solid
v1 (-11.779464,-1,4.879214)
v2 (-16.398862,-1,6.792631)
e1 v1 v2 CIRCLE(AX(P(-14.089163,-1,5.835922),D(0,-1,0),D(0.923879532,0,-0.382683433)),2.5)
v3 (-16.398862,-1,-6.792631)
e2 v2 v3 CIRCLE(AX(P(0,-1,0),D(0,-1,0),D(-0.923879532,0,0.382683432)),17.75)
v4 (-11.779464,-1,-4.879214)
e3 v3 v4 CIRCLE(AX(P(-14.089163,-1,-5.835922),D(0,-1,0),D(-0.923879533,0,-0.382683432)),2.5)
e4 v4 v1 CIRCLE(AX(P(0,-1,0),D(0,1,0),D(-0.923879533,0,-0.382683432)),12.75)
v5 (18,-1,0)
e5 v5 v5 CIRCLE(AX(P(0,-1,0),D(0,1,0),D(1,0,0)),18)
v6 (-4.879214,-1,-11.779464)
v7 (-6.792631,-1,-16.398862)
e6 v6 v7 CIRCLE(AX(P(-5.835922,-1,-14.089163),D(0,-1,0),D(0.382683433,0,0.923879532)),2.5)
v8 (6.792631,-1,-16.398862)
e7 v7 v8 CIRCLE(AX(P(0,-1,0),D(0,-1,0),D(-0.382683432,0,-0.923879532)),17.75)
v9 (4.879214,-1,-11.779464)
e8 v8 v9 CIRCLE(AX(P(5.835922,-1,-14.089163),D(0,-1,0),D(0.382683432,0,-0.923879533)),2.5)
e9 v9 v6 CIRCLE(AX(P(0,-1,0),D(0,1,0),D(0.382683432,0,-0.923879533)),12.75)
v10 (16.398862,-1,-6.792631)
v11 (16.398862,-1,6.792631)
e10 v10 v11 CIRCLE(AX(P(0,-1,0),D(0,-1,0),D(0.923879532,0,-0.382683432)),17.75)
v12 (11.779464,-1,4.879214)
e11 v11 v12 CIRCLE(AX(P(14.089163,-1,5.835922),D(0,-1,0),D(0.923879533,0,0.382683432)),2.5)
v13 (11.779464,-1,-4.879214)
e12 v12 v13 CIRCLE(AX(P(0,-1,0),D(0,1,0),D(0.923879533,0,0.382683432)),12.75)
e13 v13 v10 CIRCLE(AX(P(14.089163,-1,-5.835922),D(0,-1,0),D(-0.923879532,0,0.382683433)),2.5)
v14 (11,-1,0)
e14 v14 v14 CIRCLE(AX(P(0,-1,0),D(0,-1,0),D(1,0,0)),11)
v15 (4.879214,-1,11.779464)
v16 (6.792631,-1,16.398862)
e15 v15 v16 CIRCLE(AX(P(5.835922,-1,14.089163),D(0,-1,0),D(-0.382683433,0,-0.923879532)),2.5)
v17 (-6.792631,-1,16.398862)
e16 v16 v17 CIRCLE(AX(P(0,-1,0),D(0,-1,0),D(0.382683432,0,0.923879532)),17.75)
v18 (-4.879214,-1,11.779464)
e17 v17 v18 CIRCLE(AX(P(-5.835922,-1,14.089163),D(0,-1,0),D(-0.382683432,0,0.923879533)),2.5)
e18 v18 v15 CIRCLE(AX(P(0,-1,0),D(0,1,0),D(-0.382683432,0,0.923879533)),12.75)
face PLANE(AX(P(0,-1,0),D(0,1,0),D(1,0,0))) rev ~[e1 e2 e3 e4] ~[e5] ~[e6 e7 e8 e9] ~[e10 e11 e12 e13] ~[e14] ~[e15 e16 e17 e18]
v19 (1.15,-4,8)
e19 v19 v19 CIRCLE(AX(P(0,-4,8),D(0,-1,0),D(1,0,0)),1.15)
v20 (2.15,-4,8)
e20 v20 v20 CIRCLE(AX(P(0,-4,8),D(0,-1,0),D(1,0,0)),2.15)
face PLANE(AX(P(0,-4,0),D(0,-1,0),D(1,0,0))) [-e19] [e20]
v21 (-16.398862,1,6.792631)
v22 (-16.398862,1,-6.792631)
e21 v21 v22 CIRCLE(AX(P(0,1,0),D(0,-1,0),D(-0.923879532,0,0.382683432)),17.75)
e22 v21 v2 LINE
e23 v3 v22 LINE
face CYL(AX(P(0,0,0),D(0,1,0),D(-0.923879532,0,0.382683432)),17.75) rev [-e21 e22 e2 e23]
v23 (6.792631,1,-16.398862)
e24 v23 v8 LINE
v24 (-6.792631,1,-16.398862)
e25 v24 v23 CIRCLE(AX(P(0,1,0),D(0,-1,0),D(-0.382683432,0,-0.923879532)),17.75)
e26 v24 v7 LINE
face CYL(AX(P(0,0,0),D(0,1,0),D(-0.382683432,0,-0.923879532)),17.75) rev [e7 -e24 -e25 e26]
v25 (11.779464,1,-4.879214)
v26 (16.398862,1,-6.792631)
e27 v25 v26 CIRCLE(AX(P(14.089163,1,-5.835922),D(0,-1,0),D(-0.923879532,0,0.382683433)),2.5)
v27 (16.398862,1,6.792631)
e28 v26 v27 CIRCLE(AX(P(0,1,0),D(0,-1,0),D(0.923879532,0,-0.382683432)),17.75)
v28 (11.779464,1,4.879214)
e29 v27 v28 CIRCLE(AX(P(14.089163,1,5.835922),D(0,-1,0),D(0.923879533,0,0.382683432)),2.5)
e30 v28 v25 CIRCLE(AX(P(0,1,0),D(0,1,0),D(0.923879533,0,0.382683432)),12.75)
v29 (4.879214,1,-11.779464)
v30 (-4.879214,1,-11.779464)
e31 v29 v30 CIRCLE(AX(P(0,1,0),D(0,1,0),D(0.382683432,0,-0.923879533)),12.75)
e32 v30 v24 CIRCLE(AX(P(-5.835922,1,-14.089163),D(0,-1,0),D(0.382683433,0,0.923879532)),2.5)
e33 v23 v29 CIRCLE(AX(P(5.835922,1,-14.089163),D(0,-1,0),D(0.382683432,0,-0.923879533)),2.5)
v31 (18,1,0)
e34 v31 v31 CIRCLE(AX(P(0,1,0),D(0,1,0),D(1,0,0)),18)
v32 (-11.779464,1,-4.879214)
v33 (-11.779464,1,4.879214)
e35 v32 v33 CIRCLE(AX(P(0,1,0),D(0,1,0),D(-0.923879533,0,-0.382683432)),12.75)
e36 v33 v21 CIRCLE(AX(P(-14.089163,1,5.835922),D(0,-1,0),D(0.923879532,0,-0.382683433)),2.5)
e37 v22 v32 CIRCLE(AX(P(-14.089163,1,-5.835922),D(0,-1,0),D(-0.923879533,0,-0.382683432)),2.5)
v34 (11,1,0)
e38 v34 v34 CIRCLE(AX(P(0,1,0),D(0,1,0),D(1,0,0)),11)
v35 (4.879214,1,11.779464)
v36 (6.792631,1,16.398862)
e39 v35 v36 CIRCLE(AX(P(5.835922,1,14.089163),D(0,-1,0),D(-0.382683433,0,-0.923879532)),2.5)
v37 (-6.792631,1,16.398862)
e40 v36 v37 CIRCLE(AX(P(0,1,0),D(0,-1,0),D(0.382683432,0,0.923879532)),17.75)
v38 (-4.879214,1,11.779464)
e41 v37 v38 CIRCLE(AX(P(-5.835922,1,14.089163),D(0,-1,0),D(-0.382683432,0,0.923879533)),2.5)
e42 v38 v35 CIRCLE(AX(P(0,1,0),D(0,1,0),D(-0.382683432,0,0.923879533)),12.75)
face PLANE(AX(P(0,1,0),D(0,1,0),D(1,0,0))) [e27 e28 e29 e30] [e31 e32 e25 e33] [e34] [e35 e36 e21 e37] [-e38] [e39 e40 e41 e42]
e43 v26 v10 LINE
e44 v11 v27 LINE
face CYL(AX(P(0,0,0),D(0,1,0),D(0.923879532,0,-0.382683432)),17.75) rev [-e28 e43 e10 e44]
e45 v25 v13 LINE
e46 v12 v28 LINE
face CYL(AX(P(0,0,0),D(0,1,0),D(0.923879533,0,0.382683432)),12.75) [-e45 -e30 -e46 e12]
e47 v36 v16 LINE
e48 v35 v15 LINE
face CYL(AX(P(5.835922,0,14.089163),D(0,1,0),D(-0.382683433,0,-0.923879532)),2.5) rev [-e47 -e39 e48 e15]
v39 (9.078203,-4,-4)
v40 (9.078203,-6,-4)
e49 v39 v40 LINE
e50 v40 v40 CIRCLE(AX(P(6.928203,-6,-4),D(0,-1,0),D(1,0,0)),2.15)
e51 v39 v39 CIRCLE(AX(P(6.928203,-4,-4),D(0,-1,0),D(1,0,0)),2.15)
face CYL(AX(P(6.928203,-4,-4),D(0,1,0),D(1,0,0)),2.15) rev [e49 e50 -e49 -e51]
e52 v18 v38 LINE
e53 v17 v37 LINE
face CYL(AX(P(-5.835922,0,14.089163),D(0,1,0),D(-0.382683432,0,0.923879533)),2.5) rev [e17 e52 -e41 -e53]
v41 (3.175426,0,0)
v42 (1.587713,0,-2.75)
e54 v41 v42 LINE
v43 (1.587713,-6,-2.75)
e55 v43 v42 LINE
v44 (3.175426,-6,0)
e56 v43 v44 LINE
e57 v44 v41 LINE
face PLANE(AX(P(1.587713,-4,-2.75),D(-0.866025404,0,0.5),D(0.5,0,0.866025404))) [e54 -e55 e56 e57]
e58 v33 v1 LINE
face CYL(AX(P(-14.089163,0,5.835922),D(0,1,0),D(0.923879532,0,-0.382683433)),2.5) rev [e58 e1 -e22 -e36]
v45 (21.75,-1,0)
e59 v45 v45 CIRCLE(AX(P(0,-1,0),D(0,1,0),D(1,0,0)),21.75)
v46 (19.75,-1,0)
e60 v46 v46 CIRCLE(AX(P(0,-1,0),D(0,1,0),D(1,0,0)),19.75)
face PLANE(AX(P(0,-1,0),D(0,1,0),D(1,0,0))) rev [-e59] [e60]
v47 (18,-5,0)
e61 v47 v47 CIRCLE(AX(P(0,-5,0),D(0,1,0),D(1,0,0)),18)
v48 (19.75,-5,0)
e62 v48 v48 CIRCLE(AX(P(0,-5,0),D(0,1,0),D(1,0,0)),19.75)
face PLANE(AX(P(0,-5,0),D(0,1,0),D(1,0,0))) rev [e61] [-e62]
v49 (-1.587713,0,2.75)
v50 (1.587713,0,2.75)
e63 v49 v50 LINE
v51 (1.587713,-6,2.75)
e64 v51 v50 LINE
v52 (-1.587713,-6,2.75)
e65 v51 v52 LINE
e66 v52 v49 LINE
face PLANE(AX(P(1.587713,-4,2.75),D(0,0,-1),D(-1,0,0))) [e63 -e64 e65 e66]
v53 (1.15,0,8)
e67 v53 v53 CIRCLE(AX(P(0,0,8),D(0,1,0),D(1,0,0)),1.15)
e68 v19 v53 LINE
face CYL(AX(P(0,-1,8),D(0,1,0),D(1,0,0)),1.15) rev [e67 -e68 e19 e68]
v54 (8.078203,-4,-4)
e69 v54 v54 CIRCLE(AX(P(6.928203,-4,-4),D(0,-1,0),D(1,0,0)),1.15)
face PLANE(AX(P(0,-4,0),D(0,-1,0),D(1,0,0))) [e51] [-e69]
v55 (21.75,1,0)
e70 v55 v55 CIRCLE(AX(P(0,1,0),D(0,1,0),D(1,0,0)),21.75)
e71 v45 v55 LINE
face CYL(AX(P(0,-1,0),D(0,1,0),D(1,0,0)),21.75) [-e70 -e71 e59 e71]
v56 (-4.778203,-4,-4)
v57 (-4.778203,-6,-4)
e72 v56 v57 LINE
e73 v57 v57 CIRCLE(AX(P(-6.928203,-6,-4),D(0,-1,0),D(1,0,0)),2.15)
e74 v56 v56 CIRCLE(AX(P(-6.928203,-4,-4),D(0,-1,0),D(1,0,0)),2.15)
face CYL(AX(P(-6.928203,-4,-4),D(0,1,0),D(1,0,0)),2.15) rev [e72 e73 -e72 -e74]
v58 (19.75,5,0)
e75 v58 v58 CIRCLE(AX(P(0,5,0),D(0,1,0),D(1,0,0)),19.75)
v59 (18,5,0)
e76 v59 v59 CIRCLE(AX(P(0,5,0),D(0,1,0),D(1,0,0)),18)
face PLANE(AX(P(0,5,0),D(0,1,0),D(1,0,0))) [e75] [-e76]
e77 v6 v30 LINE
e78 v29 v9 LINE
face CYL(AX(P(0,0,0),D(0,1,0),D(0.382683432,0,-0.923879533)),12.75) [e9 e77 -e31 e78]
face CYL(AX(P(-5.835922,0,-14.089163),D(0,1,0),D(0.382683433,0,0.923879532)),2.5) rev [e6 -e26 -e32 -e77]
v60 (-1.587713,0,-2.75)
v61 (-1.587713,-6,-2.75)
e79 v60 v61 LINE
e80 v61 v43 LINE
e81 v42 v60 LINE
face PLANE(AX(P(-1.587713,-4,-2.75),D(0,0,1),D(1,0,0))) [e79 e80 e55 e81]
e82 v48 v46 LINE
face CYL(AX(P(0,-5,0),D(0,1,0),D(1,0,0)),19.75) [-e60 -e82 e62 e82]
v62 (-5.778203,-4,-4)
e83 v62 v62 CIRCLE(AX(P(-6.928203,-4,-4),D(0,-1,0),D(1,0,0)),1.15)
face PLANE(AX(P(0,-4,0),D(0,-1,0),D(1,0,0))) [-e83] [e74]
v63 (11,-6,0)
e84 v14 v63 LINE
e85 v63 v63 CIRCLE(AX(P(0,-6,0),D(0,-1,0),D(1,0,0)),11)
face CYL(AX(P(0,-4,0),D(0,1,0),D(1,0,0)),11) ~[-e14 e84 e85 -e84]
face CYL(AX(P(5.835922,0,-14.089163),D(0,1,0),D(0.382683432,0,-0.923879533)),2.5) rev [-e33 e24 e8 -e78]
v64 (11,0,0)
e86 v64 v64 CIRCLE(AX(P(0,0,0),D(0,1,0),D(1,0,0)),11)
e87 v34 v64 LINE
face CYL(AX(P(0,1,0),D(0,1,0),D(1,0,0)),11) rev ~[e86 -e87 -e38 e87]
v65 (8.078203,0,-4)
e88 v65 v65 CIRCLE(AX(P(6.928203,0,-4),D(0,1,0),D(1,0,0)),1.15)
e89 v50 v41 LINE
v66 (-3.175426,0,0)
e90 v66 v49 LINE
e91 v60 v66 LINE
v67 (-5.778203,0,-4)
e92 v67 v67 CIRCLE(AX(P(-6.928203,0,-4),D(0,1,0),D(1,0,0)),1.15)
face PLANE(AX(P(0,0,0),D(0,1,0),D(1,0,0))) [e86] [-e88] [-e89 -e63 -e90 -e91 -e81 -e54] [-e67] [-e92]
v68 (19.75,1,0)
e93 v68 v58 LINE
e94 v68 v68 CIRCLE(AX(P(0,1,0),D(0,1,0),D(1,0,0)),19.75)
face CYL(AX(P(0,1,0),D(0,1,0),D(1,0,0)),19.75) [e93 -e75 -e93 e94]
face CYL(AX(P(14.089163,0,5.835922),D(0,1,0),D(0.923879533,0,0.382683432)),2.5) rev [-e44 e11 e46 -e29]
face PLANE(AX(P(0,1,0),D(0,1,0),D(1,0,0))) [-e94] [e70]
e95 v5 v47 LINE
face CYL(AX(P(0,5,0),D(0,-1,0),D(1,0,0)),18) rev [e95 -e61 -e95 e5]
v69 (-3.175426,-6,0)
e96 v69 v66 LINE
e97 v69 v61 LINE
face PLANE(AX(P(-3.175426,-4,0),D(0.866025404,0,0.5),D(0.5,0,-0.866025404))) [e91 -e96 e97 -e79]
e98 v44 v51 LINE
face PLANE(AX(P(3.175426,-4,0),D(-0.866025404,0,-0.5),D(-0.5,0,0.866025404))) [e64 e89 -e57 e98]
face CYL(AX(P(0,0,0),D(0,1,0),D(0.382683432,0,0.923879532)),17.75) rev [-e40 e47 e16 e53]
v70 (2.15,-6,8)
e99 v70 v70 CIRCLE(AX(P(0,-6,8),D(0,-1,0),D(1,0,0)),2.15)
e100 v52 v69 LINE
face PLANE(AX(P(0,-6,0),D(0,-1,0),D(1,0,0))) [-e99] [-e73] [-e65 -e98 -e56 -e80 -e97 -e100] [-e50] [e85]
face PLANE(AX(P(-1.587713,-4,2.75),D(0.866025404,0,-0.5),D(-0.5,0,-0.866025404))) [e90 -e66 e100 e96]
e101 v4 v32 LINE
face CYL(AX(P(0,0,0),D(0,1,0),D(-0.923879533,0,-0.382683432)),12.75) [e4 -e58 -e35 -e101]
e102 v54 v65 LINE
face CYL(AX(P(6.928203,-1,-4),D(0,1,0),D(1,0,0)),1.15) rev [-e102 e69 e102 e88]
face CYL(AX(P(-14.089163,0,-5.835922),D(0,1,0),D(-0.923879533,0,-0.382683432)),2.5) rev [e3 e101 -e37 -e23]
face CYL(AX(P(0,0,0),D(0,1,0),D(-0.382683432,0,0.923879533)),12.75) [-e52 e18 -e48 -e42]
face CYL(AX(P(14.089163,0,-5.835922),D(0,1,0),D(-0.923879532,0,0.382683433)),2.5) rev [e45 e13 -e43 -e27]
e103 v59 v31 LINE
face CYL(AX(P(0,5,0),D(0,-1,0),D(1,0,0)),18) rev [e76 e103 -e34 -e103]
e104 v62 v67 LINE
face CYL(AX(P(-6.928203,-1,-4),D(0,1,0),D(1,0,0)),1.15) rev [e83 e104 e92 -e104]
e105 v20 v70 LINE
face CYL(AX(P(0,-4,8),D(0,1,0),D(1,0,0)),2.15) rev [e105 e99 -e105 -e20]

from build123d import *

# Parameters (mm, degrees)
SKETCH3_R           = 18
BOSS_EXTRUDE1_DEPTH = 1
SKETCH4_R           = 11
CUT_EXTRUDE1_DEPTH  = 1
SKETCH5_R           = 1.15
CUT_EXTRUDE2_DEPTH  = 6
SKETCH6_R           = 11
SKETCH6_R_2         = 1.15
BOSS_EXTRUDE2_DEPTH = 3
SKETCH9_R           = 11
SKETCH9_R_2         = 2.15
BOSS_EXTRUDE3_DEPTH = 2


with BuildPart() as part:
    # Sketch1 → Revolve1 (revolve)
    with BuildSketch(Plane.XY):
        Polygon((18, 5), (18, -5), (19.75, -5), (19.75, -1), (21.75, -1), (21.75, 1), (19.75, 1), (19.75, 5), align=None)
    revolve(axis=Axis((0, 0, 0), (0, 1, 0)))

    # Sketch3 → Boss-Extrude1 (add, symmetric)
    with BuildSketch(Plane(origin=(0, 0, 0), x_dir=(1, 0, 0), z_dir=(0, 1, 0))):
        Circle(SKETCH3_R)
        with BuildLine():
            ThreePointArc((-6.792630924, -16.398861702), (-8.145621175, -13.13245429), (-4.879213763, -11.77946404))
            ThreePointArc((-4.879213763, -11.77946404), (0, -12.75), (4.879213763, -11.77946404))
            ThreePointArc((4.879213763, -11.77946404), (8.145621175, -13.13245429), (6.792630924, -16.398861702))
            ThreePointArc((6.792630924, -16.398861702), (0, -17.75), (-6.792630924, -16.398861702))
        make_face(mode=Mode.SUBTRACT)
        with BuildLine():
            ThreePointArc((16.398861702, -6.792630924), (13.13245429, -8.145621175), (11.77946404, -4.879213763))
            ThreePointArc((11.77946404, -4.879213763), (12.75, 0), (11.77946404, 4.879213763))
            ThreePointArc((11.77946404, 4.879213763), (13.13245429, 8.145621175), (16.398861702, 6.792630924))
            ThreePointArc((16.398861702, 6.792630924), (17.75, 0), (16.398861702, -6.792630924))
        make_face(mode=Mode.SUBTRACT)
        with BuildLine():
            ThreePointArc((-16.398861702, 6.792630924), (-13.13245429, 8.145621175), (-11.77946404, 4.879213763))
            ThreePointArc((-11.77946404, 4.879213763), (-12.75, 0), (-11.77946404, -4.879213763))
            ThreePointArc((-11.77946404, -4.879213763), (-13.13245429, -8.145621175), (-16.398861702, -6.792630924))
            ThreePointArc((-16.398861702, -6.792630924), (-17.75, 0), (-16.398861702, 6.792630924))
        make_face(mode=Mode.SUBTRACT)
        with BuildLine():
            ThreePointArc((-4.879213763, 11.77946404), (-8.145621175, 13.13245429), (-6.792630924, 16.398861702))
            ThreePointArc((-6.792630924, 16.398861702), (0, 17.75), (6.792630924, 16.398861702))
            ThreePointArc((6.792630924, 16.398861702), (8.145621175, 13.13245429), (4.879213763, 11.77946404))
            ThreePointArc((4.879213763, 11.77946404), (0, 12.75), (-4.879213763, 11.77946404))
        make_face(mode=Mode.SUBTRACT)
    extrude(amount=BOSS_EXTRUDE1_DEPTH, both=True)

    # Sketch4 → Cut-Extrude1 (cut)
    with BuildSketch(Plane(origin=(0, 1, 0), x_dir=(1, 0, 0), z_dir=(0, 1, 0))):
        Circle(SKETCH4_R)
    extrude(amount=-CUT_EXTRUDE1_DEPTH, mode=Mode.SUBTRACT)

    # Sketch5 → Cut-Extrude2 (cut, through all)
    with BuildSketch(Plane(origin=(0, 0, 0), x_dir=(1, 0, 0), z_dir=(0, 1, 0))):
        with Locations((0, -8)):
            Circle(SKETCH5_R)
        with Locations((-6.92820323, 4)):
            Circle(SKETCH5_R)
        with Locations((6.92820323, 4)):
            Circle(SKETCH5_R)
        Polygon((3.175426481, 0), (1.58771324, 2.75), (-1.58771324, 2.75), (-3.175426481, 0), (-1.58771324, -2.75), (1.58771324, -2.75), align=None)
    extrude(amount=-CUT_EXTRUDE2_DEPTH, mode=Mode.SUBTRACT)

    # Sketch6 → Boss-Extrude2 (add)
    with BuildSketch(Plane.XZ.offset(1)):
        Circle(SKETCH6_R)
        with Locations((-6.92820323, -4)):
            Circle(SKETCH6_R_2, mode=Mode.SUBTRACT)
        with Locations((6.92820323, -4)):
            Circle(SKETCH6_R_2, mode=Mode.SUBTRACT)
        with Locations((0, 8)):
            Circle(SKETCH6_R_2, mode=Mode.SUBTRACT)
        Polygon((3.175426481, 0), (1.58771324, -2.75), (-1.58771324, -2.75), (-3.175426481, 0), (-1.58771324, 2.75), (1.58771324, 2.75), align=None, mode=Mode.SUBTRACT)
    extrude(amount=BOSS_EXTRUDE2_DEPTH)

    # Sketch9 → Boss-Extrude3 (add)
    with BuildSketch(Plane.XZ.offset(4)):
        Circle(SKETCH9_R)
        with Locations((0, 8)):
            Circle(SKETCH9_R_2, mode=Mode.SUBTRACT)
        with Locations((-6.92820323, -4)):
            Circle(SKETCH9_R_2, mode=Mode.SUBTRACT)
        with Locations((6.92820323, -4)):
            Circle(SKETCH9_R_2, mode=Mode.SUBTRACT)
        Polygon((-1.58771324, -2.75), (1.58771324, -2.75), (3.175426481, 0), (1.58771324, 2.75), (-1.58771324, 2.75), (-3.175426481, 0), align=None, mode=Mode.SUBTRACT)
    extrude(amount=BOSS_EXTRUDE3_DEPTH)


solid = part.part
